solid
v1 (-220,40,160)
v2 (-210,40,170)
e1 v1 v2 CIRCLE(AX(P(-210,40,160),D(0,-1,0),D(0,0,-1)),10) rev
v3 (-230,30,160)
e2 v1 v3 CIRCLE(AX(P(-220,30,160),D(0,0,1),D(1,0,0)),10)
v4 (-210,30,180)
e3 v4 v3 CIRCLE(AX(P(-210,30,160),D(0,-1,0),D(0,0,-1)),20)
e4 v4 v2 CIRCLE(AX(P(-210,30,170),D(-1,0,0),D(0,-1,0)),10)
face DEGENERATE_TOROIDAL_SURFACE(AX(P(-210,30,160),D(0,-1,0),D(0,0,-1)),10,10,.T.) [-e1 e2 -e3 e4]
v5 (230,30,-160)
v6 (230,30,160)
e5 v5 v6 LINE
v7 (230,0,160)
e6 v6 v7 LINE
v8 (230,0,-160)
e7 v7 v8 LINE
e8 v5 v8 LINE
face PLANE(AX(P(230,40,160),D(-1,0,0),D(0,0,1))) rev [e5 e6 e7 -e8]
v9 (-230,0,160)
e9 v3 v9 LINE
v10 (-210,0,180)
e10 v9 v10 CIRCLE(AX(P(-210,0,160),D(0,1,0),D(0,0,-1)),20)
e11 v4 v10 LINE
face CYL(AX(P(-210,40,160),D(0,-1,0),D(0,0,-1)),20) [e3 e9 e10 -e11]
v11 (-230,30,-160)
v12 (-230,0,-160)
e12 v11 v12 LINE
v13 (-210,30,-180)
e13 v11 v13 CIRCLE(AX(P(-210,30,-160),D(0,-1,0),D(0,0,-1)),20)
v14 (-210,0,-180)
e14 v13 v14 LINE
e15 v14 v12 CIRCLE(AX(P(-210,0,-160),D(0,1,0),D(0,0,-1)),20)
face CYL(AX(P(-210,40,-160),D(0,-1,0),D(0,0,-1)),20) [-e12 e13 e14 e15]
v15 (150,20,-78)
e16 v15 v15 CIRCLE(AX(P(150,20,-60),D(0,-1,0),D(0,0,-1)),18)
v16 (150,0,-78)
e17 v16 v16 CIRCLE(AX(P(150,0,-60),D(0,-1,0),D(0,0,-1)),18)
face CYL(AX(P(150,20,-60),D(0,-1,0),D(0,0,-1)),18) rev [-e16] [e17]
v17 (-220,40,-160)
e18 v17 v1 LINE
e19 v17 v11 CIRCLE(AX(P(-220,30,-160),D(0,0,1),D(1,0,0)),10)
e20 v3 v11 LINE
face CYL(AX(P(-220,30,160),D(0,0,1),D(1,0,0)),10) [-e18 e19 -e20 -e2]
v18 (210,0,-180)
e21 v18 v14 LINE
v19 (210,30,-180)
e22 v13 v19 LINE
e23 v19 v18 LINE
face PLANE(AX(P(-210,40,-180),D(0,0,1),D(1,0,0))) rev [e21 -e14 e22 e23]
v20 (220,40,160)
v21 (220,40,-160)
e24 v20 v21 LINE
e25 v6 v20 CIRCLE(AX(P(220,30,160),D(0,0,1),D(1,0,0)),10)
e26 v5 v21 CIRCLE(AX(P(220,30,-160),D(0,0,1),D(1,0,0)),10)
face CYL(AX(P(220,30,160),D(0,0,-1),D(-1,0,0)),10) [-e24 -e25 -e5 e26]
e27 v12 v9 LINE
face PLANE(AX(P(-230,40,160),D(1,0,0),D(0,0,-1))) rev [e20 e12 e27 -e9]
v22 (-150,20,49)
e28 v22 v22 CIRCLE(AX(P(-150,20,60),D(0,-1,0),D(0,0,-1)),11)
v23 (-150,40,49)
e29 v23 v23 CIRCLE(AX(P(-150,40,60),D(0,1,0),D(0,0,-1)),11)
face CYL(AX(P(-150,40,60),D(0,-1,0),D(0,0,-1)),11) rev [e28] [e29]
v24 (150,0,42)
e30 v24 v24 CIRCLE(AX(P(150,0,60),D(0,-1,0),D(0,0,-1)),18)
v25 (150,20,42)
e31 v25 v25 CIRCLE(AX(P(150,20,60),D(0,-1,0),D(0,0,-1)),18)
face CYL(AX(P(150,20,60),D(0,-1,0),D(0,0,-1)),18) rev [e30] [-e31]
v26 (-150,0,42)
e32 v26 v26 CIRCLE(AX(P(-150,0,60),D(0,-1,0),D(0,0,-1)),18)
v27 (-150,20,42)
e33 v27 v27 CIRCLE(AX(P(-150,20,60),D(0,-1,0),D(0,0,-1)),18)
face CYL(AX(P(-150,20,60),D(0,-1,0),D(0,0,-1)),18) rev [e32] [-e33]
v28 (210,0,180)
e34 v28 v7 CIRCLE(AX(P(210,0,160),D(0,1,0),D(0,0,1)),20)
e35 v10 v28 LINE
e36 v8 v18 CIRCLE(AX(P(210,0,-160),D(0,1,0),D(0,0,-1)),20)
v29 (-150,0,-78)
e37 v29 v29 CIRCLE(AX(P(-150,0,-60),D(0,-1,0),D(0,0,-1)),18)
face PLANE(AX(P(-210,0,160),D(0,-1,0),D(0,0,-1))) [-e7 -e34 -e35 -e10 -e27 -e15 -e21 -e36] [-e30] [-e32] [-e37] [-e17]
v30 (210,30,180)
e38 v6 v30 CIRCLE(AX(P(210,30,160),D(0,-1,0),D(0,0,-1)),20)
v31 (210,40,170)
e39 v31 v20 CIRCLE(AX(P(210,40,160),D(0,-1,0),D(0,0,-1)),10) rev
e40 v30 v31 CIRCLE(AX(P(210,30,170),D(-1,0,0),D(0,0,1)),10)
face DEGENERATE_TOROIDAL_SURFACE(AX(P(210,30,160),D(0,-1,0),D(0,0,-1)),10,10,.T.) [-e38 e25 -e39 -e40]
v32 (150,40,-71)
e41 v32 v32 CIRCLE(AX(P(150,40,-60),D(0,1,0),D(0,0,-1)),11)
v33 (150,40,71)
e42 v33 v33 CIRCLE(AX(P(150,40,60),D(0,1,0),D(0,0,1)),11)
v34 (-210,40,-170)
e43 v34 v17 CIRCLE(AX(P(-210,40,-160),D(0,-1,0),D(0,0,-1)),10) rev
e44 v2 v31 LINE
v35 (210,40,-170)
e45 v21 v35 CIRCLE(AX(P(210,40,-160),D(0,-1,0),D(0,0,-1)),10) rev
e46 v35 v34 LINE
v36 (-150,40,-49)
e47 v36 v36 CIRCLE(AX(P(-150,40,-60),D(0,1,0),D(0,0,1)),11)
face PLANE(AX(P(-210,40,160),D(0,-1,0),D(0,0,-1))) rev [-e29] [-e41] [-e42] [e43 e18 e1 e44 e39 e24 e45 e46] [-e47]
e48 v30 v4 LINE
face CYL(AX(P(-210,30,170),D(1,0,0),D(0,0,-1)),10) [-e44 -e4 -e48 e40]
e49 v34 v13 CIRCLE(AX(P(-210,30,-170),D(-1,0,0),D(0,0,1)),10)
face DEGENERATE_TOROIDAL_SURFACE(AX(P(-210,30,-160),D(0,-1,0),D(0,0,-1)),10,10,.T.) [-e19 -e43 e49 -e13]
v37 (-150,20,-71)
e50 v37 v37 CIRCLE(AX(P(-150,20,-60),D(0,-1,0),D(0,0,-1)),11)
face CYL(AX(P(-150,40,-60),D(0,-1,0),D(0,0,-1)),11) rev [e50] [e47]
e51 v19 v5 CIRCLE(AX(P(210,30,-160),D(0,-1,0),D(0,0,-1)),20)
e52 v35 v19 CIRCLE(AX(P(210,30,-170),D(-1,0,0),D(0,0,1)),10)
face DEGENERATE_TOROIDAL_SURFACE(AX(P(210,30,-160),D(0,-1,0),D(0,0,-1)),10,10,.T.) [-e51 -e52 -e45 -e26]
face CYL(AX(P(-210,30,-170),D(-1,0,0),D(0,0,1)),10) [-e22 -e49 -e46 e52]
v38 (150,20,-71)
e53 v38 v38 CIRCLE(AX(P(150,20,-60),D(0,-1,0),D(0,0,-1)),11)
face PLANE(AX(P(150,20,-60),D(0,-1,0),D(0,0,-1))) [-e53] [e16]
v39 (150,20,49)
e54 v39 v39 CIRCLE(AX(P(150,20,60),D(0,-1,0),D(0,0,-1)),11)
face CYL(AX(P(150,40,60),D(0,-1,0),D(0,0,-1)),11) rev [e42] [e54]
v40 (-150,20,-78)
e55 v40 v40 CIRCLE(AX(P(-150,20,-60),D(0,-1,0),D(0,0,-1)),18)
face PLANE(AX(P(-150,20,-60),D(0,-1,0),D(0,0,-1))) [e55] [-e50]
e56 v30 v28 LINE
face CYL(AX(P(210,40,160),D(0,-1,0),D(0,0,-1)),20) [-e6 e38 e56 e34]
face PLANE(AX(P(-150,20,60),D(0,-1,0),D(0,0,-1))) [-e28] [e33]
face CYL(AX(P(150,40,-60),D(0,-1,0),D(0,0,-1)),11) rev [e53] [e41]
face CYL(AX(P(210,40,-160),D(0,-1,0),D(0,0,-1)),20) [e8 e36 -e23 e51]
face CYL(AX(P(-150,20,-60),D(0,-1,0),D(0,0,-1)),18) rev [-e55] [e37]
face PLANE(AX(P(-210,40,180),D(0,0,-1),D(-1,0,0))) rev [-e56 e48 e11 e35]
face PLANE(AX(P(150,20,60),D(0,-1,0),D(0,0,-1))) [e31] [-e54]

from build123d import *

# Parameters (mm, degrees)
SKETCH1_R            = 11
BOSS_EXTRUDE1_DEPTH  = 40
FILLET1_R            = 10
SKETCH2_R            = 18
CUT_EXTRUDE1_DEPTH   = 20
LPATTERN1_COUNT      = 2
LPATTERN1_PITCH      = 300
LPATTERN1_COUNT_DIR2 = 2
LPATTERN1_PITCH_DIR2 = 120


with BuildPart() as part:
    # Sketch1 → Boss-Extrude1 (new body)
    with BuildSketch(Plane(origin=(0, 0, 0), x_dir=(1, 0, 0), z_dir=(0, 1, 0))):
        with BuildLine():
            Line((-210, -180), (210, -180))
            ThreePointArc((210, -180), (224.142135624, -174.142135624), (230, -160))
            Line((230, -160), (230, 160))
            ThreePointArc((230, 160), (224.142135624, 174.142135624), (210, 180))
            Line((210, 180), (-210, 180))
            ThreePointArc((-210, 180), (-224.142135624, 174.142135624), (-230, 160))
            Line((-230, 160), (-230, -160))
            ThreePointArc((-230, -160), (-224.142135624, -174.142135624), (-210, -180))
        make_face()
        with Locations((-150, 60)):
            Circle(SKETCH1_R, mode=Mode.SUBTRACT)
        with Locations((-150, -60)):
            Circle(SKETCH1_R, mode=Mode.SUBTRACT)
        with Locations((150, -60)):
            Circle(SKETCH1_R, mode=Mode.SUBTRACT)
        with Locations((150, 60)):
            Circle(SKETCH1_R, mode=Mode.SUBTRACT)
    extrude(amount=BOSS_EXTRUDE1_DEPTH)

    # Fillet1
    fillet1_edges = [part.edges().sort_by_distance(p)[0] for p in [
        (224.142135624, 40, 174.142135624),
        (230, 40, 0),
        (224.142135624, 40, -174.142135624),
        (0, 40, -180),
        (-224.142135624, 40, -174.142135624),
        (-230, 40, 0),
        (-224.142135624, 40, 174.142135624),
        (0, 40, 180),
    ]]
    fillet(fillet1_edges, radius=FILLET1_R)

    # Sketch2 → Cut-Extrude1 (cut)
    with BuildSketch(Plane.XZ):
        with Locations((-150, 60)):
            Circle(SKETCH2_R)
    cut_extrude1 = extrude(amount=-CUT_EXTRUDE1_DEPTH, mode=Mode.SUBTRACT)

    # LPattern1: Cut-Extrude1 2 × 2
    with Locations(*[(i * LPATTERN1_PITCH, 0, -j * LPATTERN1_PITCH_DIR2) for i in range(LPATTERN1_COUNT) for j in range(LPATTERN1_COUNT_DIR2) if (i, j) != (0, 0)]):
        add(cut_extrude1, mode=Mode.SUBTRACT)


solid = part.part
